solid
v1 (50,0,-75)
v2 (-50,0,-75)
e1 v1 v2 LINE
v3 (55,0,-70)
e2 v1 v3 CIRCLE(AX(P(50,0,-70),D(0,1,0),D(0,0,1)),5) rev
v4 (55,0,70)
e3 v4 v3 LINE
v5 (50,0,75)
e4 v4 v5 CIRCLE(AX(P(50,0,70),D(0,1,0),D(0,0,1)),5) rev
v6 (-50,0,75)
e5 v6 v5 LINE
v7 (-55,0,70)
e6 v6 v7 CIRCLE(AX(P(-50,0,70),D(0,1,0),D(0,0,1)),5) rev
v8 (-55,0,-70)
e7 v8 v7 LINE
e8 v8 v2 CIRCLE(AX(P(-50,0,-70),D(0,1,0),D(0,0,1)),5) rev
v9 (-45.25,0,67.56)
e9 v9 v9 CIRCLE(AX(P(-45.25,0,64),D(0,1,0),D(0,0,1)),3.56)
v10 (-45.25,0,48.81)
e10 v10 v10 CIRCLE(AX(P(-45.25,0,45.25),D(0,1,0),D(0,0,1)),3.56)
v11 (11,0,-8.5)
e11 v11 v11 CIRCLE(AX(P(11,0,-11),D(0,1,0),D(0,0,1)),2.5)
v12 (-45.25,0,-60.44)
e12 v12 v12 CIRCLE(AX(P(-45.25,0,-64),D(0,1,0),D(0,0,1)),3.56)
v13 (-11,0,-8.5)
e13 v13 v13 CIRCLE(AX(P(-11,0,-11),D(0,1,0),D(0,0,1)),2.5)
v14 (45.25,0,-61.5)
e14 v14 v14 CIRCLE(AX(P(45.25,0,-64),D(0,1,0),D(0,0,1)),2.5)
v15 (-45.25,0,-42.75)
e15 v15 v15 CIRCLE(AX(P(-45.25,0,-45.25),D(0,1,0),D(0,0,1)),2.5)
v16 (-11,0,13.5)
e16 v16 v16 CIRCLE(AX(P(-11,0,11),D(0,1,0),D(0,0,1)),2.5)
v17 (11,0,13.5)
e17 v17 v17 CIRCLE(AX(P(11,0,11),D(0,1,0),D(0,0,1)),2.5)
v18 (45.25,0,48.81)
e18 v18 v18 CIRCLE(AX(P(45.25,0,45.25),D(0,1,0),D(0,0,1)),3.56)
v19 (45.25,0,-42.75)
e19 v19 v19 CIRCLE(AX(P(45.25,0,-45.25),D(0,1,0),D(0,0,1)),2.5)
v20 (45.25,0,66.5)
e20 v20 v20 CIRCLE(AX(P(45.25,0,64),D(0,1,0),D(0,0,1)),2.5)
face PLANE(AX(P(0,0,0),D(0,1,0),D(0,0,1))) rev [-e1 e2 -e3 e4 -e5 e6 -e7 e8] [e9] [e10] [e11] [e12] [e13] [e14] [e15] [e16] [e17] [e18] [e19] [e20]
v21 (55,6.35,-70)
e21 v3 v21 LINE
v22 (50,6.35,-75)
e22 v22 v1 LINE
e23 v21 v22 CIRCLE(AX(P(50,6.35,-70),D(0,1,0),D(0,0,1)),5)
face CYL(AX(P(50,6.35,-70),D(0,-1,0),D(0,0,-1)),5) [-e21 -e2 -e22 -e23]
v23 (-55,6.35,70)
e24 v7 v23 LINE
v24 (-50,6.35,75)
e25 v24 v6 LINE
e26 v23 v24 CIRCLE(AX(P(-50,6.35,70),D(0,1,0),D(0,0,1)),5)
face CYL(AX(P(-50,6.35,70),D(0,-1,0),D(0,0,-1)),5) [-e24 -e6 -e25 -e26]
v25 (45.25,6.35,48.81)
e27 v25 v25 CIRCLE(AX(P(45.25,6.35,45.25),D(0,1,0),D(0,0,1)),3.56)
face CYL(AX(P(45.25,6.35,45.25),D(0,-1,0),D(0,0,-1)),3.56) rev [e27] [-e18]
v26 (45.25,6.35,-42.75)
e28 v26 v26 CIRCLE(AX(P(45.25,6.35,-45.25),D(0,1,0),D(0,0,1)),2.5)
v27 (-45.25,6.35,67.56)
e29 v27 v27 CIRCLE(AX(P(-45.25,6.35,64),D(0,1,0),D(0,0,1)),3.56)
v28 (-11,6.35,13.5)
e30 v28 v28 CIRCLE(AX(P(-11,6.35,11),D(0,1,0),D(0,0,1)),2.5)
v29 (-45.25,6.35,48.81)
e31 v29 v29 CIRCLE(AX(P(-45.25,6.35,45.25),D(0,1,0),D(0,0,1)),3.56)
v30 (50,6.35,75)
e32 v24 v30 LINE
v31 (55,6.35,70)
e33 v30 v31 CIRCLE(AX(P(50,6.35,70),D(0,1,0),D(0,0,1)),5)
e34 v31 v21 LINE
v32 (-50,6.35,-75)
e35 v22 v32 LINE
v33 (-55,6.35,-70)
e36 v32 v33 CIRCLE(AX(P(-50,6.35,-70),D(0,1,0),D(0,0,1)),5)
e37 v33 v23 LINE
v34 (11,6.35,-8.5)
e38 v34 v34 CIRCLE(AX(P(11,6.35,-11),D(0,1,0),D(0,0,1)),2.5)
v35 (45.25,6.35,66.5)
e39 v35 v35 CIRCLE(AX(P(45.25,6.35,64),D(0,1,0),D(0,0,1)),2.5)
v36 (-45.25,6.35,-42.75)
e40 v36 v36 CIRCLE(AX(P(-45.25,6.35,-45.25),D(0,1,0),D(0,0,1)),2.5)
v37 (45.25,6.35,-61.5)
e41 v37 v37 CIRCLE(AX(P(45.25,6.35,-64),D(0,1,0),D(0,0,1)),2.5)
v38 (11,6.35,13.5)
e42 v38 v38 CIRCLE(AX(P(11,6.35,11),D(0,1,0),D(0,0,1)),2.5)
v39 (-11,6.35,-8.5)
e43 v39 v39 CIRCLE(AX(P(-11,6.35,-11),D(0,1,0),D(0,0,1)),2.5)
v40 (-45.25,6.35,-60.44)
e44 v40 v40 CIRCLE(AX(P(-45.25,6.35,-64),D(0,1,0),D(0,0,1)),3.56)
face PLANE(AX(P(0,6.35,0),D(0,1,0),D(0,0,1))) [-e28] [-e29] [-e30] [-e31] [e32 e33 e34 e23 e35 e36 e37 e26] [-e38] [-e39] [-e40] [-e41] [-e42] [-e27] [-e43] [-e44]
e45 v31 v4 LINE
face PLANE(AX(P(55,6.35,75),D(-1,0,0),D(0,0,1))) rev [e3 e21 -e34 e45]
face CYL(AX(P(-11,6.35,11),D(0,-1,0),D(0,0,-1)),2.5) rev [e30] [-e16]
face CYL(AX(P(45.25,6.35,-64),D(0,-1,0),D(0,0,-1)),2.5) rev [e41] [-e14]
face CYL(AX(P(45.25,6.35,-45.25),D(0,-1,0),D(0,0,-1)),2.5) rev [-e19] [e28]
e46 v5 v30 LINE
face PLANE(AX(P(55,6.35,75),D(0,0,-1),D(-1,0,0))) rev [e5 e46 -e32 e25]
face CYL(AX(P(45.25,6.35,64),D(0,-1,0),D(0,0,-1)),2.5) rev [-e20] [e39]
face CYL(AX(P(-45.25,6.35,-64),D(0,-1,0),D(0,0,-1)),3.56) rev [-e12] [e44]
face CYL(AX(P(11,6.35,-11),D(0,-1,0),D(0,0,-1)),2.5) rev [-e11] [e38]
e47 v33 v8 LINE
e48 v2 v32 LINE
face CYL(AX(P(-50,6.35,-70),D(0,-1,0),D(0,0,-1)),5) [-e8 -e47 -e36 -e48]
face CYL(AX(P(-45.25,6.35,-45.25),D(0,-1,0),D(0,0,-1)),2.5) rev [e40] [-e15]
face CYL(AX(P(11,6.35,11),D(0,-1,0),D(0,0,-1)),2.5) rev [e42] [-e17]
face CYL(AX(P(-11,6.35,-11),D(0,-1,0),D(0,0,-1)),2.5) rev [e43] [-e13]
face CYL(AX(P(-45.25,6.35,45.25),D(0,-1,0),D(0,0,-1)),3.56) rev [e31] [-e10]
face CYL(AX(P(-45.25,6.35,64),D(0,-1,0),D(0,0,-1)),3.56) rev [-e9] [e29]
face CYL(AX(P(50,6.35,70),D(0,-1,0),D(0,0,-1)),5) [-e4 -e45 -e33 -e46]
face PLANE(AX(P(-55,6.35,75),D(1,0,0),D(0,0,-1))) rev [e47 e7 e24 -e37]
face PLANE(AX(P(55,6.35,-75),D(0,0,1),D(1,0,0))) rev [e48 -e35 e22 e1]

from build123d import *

# Parameters (mm, degrees)
SKETCH2_W           = 110
SKETCH2_H           = 150
SKETCH2_R           = 3.56
SKETCH2_R_2         = 2.5
BOSS_EXTRUDE1_DEPTH = 6.35
FILLET1_R           = 5


with BuildPart() as part:
    # Sketch2 → Boss-Extrude1 (new body)
    with BuildSketch(Plane(origin=(0, 0, 0), x_dir=(1, 0, 0), z_dir=(0, 1, 0))):
        Rectangle(SKETCH2_W, SKETCH2_H)
        with Locations(Location((-45.25, 64, 0), (0, 0, 270))):
            Circle(SKETCH2_R, mode=Mode.SUBTRACT)
        with Locations(Location((-45.25, -64, 0), (0, 0, 270))):
            Circle(SKETCH2_R, mode=Mode.SUBTRACT)
        with Locations(Location((45.25, 64, 0), (0, 0, 270))):
            Circle(SKETCH2_R_2, mode=Mode.SUBTRACT)
        with Locations(Location((45.25, -64, 0), (0, 0, 270))):
            Circle(SKETCH2_R_2, mode=Mode.SUBTRACT)
        with Locations(Location((-45.25, -45.25, 0), (0, 0, 270))):
            Circle(SKETCH2_R, mode=Mode.SUBTRACT)
        with Locations(Location((45.25, -45.25, 0), (0, 0, 270))):
            Circle(SKETCH2_R, mode=Mode.SUBTRACT)
        with Locations(Location((-45.25, 45.25, 0), (0, 0, 270))):
            Circle(SKETCH2_R_2, mode=Mode.SUBTRACT)
        with Locations(Location((45.25, 45.25, 0), (0, 0, 270))):
            Circle(SKETCH2_R_2, mode=Mode.SUBTRACT)
        with Locations(Location((-11, 11, 0), (0, 0, 270))):
            Circle(SKETCH2_R_2, mode=Mode.SUBTRACT)
        with Locations(Location((11, 11, 0), (0, 0, 270))):
            Circle(SKETCH2_R_2, mode=Mode.SUBTRACT)
        with Locations(Location((11, -11, 0), (0, 0, 270))):
            Circle(SKETCH2_R_2, mode=Mode.SUBTRACT)
        with Locations(Location((-11, -11, 0), (0, 0, 270))):
            Circle(SKETCH2_R_2, mode=Mode.SUBTRACT)
    extrude(amount=BOSS_EXTRUDE1_DEPTH)

    # Fillet1
    fillet1_edges = [part.edges().sort_by_distance(p)[0] for p in [
        (-55, 3.175, -75),
        (55, 3.175, -75),
        (55, 3.175, 75),
        (-55, 3.175, 75),
    ]]
    fillet(fillet1_edges, radius=FILLET1_R)


solid = part.part
